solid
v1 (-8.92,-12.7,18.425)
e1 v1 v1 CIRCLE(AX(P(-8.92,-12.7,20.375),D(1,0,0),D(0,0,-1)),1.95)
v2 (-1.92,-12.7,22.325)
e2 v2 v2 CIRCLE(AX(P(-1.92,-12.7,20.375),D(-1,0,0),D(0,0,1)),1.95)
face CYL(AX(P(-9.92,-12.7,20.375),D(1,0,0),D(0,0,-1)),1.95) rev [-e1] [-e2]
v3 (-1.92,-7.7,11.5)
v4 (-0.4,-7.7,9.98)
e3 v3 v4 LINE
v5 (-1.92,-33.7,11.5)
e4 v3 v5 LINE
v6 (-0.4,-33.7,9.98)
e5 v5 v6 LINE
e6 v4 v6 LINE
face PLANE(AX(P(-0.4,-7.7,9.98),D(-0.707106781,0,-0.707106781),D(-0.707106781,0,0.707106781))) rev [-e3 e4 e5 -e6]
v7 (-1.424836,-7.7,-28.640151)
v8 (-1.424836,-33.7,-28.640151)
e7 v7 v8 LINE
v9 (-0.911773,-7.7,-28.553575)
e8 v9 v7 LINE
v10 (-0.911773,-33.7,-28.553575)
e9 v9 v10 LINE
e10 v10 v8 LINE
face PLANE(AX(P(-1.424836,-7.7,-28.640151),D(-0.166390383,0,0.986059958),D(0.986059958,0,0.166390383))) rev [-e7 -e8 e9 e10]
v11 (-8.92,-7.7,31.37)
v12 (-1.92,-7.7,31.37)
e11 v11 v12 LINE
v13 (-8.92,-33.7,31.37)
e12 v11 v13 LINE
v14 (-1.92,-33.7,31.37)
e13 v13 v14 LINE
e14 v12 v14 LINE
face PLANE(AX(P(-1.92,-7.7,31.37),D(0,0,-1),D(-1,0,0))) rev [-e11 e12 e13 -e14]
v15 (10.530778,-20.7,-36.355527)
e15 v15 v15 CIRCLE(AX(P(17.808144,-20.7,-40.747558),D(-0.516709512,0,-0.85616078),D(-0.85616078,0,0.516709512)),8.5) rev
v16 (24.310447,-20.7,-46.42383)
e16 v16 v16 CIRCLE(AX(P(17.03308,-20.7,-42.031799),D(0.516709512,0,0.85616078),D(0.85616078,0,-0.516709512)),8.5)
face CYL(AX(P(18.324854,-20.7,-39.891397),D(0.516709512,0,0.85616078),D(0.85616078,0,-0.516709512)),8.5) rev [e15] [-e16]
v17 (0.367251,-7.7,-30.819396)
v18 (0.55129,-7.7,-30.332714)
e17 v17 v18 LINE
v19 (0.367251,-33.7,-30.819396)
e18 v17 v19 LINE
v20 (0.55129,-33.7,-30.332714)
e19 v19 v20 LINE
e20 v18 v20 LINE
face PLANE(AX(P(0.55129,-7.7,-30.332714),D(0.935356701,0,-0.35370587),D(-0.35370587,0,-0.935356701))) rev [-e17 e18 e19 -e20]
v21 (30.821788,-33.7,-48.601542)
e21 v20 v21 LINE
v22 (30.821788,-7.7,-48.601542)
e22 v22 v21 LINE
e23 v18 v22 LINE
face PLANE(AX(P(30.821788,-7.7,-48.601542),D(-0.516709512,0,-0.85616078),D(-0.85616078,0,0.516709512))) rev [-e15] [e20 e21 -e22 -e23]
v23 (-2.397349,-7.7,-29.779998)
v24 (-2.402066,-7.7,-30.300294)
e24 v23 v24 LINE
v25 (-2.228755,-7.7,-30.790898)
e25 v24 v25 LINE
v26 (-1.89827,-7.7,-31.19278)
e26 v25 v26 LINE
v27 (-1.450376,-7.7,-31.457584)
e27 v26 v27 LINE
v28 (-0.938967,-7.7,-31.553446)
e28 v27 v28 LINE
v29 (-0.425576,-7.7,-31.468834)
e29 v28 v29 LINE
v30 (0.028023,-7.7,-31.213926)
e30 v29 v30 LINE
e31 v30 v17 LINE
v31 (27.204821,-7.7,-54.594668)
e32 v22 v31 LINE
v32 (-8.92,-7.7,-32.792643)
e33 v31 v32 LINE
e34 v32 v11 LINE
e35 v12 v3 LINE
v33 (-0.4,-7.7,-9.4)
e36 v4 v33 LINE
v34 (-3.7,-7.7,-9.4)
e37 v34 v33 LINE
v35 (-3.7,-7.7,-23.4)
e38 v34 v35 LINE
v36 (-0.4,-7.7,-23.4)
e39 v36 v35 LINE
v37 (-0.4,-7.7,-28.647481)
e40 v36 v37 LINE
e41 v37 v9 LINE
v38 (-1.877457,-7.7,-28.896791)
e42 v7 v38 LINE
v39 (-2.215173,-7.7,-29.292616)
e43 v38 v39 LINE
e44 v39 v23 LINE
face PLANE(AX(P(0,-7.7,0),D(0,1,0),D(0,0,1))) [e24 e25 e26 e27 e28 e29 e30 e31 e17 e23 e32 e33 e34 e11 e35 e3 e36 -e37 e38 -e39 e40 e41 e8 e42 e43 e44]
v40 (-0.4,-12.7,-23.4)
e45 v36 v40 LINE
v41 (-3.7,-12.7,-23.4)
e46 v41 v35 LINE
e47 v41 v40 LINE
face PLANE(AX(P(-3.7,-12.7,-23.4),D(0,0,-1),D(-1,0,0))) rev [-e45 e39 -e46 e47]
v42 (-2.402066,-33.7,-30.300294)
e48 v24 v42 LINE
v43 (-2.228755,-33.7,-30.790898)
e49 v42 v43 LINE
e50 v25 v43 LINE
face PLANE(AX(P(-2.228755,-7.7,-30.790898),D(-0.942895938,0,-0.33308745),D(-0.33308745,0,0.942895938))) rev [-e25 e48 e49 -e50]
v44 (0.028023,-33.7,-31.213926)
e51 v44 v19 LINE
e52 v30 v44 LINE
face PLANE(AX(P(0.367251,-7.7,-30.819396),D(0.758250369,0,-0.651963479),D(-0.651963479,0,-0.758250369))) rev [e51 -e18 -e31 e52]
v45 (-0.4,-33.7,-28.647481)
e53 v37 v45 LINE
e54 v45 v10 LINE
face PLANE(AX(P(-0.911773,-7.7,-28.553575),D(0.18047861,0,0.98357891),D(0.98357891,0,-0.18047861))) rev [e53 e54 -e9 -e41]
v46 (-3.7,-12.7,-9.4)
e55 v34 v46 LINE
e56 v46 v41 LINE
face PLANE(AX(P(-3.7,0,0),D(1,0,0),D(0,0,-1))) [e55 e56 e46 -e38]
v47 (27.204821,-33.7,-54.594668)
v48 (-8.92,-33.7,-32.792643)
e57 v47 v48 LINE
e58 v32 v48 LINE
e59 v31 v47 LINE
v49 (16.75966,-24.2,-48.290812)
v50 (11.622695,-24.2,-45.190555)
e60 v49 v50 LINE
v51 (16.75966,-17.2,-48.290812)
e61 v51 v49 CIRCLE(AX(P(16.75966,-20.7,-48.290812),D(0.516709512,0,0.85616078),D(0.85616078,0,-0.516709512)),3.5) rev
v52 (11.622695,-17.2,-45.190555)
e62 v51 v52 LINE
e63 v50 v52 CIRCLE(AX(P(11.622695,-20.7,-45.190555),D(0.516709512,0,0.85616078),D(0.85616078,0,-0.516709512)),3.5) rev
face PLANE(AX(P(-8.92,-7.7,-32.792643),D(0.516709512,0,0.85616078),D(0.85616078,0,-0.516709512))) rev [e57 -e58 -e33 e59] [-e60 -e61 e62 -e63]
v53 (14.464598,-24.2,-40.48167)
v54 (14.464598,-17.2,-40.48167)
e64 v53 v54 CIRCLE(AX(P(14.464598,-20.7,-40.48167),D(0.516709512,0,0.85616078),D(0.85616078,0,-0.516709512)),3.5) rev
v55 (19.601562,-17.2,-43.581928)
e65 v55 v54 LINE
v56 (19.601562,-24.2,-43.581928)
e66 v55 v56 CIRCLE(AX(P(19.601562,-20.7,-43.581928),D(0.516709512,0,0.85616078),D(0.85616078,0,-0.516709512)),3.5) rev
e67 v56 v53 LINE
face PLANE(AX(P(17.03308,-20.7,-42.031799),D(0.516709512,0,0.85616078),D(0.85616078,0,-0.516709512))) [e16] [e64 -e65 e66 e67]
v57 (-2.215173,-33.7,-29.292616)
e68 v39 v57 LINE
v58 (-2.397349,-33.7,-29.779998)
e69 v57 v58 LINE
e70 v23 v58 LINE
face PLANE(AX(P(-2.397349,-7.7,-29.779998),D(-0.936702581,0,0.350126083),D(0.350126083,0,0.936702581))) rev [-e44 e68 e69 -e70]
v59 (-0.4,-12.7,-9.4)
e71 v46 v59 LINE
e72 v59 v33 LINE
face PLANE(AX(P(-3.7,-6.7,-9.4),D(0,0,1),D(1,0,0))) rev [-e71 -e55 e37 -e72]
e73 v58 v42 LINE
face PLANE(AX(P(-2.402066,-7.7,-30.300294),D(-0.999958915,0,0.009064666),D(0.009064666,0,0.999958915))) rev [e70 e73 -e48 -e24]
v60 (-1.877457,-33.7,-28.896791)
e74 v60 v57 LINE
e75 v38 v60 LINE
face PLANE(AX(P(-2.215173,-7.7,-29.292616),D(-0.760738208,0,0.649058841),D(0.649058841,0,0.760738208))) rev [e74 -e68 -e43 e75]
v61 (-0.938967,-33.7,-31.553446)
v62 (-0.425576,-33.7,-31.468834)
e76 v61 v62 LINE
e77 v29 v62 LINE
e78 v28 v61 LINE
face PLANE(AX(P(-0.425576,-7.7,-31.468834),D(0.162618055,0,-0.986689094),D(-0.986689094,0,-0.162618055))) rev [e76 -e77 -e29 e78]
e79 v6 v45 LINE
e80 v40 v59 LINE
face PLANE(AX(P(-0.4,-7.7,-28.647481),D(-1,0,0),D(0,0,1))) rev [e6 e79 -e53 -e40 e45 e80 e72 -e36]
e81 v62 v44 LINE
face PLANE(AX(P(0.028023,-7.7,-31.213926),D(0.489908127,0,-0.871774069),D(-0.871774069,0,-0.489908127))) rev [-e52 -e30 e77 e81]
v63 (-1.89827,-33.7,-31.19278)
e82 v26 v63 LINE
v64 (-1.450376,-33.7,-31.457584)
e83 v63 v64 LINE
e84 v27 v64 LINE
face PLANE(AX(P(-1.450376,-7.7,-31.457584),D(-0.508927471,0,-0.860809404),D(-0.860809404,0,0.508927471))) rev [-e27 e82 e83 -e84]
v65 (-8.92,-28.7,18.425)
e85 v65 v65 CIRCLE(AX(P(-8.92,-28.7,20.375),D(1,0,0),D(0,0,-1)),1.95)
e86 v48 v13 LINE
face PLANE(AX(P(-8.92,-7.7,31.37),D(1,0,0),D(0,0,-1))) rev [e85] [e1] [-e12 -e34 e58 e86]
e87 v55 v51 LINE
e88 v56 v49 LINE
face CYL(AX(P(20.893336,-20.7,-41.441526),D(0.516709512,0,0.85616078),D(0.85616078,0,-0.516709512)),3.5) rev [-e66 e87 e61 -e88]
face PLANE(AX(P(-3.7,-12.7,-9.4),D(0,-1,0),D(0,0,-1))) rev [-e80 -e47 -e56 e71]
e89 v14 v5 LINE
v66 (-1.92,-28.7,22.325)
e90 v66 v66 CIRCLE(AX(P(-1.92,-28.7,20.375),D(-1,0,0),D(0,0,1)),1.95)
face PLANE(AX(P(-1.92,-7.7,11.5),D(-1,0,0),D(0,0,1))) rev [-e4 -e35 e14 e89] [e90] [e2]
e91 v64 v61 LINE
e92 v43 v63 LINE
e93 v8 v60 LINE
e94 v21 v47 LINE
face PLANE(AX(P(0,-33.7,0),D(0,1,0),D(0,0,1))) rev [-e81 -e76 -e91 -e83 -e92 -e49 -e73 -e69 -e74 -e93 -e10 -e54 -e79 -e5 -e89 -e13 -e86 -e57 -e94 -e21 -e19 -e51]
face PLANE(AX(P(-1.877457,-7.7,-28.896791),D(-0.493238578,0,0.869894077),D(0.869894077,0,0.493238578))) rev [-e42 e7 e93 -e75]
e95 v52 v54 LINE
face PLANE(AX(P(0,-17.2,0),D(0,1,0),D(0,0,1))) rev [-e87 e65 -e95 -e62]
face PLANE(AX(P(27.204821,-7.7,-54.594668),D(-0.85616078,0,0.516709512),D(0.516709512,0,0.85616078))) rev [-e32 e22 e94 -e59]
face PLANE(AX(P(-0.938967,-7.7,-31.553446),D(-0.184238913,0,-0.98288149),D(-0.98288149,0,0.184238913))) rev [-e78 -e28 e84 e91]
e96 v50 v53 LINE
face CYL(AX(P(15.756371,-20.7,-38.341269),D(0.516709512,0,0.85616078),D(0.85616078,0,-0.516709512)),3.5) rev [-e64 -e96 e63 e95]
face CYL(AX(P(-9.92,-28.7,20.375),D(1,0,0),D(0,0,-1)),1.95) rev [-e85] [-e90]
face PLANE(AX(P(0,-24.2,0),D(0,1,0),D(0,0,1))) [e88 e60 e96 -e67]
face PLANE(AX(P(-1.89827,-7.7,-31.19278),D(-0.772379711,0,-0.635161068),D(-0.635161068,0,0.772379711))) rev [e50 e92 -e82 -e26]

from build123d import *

# Parameters (mm, degrees)
LEG_AND_PAD_DEPTH          = 13
SCREW_HEAD_RELIEF_SKETCH_W = 14
SCREW_HEAD_RELIEF_SKETCH_H = 6
SCREW_HEAD_RELIEF_DEPTH    = 2.35
M6_SLOT_MIDDLE_DEPTH       = 3.5
SCREW_HOLES_SKETCH_R       = 1.95
SCREW_HOLES_DEPTH          = 4.5


with BuildPart() as part:
    # leg and pad sketch → leg and pad (new, symmetric)
    with BuildSketch(Plane(origin=(0, -20.7, 0), x_dir=(1, 0, 0), z_dir=(0, 1, 0))):
        Polygon((0.551289683, 30.332713936), (0.367250577, 30.819395741), (0.028023026, 31.213926146), (-0.425575667, 31.468833575), (-0.938966578, 31.553446481), (-1.450376329, 31.457583879), (-1.898269923, 31.192780366), (-2.228754897, 30.790898227), (-2.402065893, 30.30029363), (-2.397349395, 29.779998208), (-2.215172912, 29.292616119), (-1.877456693, 28.896791249), (-1.424836191, 28.640150931), (-0.91177263, 28.55357522), (-0.4, 28.647481273), (-0.4, -9.98), (-1.92, -11.5), (-1.92, -31.37), (-8.92, -31.37), (-8.92, 32.792642706), (27.204821487, 54.594667874), (30.821788068, 48.601542416), align=None)
    extrude(amount=LEG_AND_PAD_DEPTH, both=True)

    # screw head relief sketch → screw head relief (cut, symmetric)
    with BuildSketch(Plane(origin=(-1.35, 0, 0), x_dir=(0, 0, -1), z_dir=(1, 0, 0))):
        with Locations((16.4, -9.7)):
            Rectangle(SCREW_HEAD_RELIEF_SKETCH_W, SCREW_HEAD_RELIEF_SKETCH_H)
    extrude(amount=SCREW_HEAD_RELIEF_DEPTH, both=True, mode=Mode.SUBTRACT)

    # insert flange relief sketch → insert flange relief (revolve, cut)
    with BuildSketch(Plane(origin=(0, -20.7, 0), x_dir=(1, 0, 0), z_dir=(0, 1, 0)), mode=Mode.PRIVATE) as insert_flange_relief_sk:
        Polygon((18.324853729, 39.891397061), (17.03307995, 42.03179901), (9.755713323, 37.639768162), (11.047487102, 35.499366213), align=None)
    revolve(insert_flange_relief_sk.sketch.rotate(Axis((18.324853729, -20.7, -39.891397061), (-0.5167095115681243, 0, -0.8561607796757748)), 180), axis=Axis((18.324853729, -20.7, -39.891397061), (-0.5167095115681243, 0, -0.8561607796757748)), mode=Mode.SUBTRACT)

    # M6 slot end 1 sketch → M6 slot end 1 (revolve, cut)
    with BuildSketch(Plane(origin=(0, -20.7, 0), x_dir=(1, 0, 0), z_dir=(0, 1, 0)), mode=Mode.PRIVATE) as m6_slot_end_1_sk:
        Polygon((20.893336068, 41.441525596), (16.242950464, 49.146972613), (13.246387735, 47.338489322), (17.896773339, 39.633042305), align=None)
    revolve(m6_slot_end_1_sk.sketch.rotate(Axis((20.893336068, -20.7, -41.441525596), (-0.5167095115681233, 0, -0.8561607796757753)), 180), axis=Axis((20.893336068, -20.7, -41.441525596), (-0.5167095115681233, 0, -0.8561607796757753)), mode=Mode.SUBTRACT)

    # M6 slot end 2 sketch → M6 slot end 2 (revolve, cut)
    with BuildSketch(Plane(origin=(0, -20.7, 0), x_dir=(1, 0, 0), z_dir=(0, 1, 0))):
        Polygon((15.75637139, 38.341268526), (11.105985786, 46.046715543), (8.109423057, 44.238232253), (12.759808661, 36.532785236), align=None)
    revolve(axis=Axis((15.75637139, -20.7, -38.341268526), (-0.5167095115681234, 0, -0.8561607796757752)), mode=Mode.SUBTRACT)

    # M6 slot middle sketch → M6 slot middle (cut, symmetric)
    with BuildSketch(Plane(origin=(0, -20.7, 0), x_dir=(1, 0, 0), z_dir=(0, 1, 0))):
        Polygon((15.75637139, 38.341268526), (20.893336068, 41.441525596), (16.242950464, 49.146972613), (11.105985786, 46.046715543), align=None)
    extrude(amount=M6_SLOT_MIDDLE_DEPTH, both=True, mode=Mode.SUBTRACT)

    # screw holes sketch → screw holes (cut, symmetric)
    with BuildSketch(Plane(origin=(-5.42, 0, 0), x_dir=(0, 0, -1), z_dir=(1, 0, 0))):
        with Locations((-20.375, -28.7)):
            Circle(SCREW_HOLES_SKETCH_R)
        with Locations((-20.375, -12.7)):
            Circle(SCREW_HOLES_SKETCH_R)
    extrude(amount=SCREW_HOLES_DEPTH, both=True, mode=Mode.SUBTRACT)


solid = part.part
